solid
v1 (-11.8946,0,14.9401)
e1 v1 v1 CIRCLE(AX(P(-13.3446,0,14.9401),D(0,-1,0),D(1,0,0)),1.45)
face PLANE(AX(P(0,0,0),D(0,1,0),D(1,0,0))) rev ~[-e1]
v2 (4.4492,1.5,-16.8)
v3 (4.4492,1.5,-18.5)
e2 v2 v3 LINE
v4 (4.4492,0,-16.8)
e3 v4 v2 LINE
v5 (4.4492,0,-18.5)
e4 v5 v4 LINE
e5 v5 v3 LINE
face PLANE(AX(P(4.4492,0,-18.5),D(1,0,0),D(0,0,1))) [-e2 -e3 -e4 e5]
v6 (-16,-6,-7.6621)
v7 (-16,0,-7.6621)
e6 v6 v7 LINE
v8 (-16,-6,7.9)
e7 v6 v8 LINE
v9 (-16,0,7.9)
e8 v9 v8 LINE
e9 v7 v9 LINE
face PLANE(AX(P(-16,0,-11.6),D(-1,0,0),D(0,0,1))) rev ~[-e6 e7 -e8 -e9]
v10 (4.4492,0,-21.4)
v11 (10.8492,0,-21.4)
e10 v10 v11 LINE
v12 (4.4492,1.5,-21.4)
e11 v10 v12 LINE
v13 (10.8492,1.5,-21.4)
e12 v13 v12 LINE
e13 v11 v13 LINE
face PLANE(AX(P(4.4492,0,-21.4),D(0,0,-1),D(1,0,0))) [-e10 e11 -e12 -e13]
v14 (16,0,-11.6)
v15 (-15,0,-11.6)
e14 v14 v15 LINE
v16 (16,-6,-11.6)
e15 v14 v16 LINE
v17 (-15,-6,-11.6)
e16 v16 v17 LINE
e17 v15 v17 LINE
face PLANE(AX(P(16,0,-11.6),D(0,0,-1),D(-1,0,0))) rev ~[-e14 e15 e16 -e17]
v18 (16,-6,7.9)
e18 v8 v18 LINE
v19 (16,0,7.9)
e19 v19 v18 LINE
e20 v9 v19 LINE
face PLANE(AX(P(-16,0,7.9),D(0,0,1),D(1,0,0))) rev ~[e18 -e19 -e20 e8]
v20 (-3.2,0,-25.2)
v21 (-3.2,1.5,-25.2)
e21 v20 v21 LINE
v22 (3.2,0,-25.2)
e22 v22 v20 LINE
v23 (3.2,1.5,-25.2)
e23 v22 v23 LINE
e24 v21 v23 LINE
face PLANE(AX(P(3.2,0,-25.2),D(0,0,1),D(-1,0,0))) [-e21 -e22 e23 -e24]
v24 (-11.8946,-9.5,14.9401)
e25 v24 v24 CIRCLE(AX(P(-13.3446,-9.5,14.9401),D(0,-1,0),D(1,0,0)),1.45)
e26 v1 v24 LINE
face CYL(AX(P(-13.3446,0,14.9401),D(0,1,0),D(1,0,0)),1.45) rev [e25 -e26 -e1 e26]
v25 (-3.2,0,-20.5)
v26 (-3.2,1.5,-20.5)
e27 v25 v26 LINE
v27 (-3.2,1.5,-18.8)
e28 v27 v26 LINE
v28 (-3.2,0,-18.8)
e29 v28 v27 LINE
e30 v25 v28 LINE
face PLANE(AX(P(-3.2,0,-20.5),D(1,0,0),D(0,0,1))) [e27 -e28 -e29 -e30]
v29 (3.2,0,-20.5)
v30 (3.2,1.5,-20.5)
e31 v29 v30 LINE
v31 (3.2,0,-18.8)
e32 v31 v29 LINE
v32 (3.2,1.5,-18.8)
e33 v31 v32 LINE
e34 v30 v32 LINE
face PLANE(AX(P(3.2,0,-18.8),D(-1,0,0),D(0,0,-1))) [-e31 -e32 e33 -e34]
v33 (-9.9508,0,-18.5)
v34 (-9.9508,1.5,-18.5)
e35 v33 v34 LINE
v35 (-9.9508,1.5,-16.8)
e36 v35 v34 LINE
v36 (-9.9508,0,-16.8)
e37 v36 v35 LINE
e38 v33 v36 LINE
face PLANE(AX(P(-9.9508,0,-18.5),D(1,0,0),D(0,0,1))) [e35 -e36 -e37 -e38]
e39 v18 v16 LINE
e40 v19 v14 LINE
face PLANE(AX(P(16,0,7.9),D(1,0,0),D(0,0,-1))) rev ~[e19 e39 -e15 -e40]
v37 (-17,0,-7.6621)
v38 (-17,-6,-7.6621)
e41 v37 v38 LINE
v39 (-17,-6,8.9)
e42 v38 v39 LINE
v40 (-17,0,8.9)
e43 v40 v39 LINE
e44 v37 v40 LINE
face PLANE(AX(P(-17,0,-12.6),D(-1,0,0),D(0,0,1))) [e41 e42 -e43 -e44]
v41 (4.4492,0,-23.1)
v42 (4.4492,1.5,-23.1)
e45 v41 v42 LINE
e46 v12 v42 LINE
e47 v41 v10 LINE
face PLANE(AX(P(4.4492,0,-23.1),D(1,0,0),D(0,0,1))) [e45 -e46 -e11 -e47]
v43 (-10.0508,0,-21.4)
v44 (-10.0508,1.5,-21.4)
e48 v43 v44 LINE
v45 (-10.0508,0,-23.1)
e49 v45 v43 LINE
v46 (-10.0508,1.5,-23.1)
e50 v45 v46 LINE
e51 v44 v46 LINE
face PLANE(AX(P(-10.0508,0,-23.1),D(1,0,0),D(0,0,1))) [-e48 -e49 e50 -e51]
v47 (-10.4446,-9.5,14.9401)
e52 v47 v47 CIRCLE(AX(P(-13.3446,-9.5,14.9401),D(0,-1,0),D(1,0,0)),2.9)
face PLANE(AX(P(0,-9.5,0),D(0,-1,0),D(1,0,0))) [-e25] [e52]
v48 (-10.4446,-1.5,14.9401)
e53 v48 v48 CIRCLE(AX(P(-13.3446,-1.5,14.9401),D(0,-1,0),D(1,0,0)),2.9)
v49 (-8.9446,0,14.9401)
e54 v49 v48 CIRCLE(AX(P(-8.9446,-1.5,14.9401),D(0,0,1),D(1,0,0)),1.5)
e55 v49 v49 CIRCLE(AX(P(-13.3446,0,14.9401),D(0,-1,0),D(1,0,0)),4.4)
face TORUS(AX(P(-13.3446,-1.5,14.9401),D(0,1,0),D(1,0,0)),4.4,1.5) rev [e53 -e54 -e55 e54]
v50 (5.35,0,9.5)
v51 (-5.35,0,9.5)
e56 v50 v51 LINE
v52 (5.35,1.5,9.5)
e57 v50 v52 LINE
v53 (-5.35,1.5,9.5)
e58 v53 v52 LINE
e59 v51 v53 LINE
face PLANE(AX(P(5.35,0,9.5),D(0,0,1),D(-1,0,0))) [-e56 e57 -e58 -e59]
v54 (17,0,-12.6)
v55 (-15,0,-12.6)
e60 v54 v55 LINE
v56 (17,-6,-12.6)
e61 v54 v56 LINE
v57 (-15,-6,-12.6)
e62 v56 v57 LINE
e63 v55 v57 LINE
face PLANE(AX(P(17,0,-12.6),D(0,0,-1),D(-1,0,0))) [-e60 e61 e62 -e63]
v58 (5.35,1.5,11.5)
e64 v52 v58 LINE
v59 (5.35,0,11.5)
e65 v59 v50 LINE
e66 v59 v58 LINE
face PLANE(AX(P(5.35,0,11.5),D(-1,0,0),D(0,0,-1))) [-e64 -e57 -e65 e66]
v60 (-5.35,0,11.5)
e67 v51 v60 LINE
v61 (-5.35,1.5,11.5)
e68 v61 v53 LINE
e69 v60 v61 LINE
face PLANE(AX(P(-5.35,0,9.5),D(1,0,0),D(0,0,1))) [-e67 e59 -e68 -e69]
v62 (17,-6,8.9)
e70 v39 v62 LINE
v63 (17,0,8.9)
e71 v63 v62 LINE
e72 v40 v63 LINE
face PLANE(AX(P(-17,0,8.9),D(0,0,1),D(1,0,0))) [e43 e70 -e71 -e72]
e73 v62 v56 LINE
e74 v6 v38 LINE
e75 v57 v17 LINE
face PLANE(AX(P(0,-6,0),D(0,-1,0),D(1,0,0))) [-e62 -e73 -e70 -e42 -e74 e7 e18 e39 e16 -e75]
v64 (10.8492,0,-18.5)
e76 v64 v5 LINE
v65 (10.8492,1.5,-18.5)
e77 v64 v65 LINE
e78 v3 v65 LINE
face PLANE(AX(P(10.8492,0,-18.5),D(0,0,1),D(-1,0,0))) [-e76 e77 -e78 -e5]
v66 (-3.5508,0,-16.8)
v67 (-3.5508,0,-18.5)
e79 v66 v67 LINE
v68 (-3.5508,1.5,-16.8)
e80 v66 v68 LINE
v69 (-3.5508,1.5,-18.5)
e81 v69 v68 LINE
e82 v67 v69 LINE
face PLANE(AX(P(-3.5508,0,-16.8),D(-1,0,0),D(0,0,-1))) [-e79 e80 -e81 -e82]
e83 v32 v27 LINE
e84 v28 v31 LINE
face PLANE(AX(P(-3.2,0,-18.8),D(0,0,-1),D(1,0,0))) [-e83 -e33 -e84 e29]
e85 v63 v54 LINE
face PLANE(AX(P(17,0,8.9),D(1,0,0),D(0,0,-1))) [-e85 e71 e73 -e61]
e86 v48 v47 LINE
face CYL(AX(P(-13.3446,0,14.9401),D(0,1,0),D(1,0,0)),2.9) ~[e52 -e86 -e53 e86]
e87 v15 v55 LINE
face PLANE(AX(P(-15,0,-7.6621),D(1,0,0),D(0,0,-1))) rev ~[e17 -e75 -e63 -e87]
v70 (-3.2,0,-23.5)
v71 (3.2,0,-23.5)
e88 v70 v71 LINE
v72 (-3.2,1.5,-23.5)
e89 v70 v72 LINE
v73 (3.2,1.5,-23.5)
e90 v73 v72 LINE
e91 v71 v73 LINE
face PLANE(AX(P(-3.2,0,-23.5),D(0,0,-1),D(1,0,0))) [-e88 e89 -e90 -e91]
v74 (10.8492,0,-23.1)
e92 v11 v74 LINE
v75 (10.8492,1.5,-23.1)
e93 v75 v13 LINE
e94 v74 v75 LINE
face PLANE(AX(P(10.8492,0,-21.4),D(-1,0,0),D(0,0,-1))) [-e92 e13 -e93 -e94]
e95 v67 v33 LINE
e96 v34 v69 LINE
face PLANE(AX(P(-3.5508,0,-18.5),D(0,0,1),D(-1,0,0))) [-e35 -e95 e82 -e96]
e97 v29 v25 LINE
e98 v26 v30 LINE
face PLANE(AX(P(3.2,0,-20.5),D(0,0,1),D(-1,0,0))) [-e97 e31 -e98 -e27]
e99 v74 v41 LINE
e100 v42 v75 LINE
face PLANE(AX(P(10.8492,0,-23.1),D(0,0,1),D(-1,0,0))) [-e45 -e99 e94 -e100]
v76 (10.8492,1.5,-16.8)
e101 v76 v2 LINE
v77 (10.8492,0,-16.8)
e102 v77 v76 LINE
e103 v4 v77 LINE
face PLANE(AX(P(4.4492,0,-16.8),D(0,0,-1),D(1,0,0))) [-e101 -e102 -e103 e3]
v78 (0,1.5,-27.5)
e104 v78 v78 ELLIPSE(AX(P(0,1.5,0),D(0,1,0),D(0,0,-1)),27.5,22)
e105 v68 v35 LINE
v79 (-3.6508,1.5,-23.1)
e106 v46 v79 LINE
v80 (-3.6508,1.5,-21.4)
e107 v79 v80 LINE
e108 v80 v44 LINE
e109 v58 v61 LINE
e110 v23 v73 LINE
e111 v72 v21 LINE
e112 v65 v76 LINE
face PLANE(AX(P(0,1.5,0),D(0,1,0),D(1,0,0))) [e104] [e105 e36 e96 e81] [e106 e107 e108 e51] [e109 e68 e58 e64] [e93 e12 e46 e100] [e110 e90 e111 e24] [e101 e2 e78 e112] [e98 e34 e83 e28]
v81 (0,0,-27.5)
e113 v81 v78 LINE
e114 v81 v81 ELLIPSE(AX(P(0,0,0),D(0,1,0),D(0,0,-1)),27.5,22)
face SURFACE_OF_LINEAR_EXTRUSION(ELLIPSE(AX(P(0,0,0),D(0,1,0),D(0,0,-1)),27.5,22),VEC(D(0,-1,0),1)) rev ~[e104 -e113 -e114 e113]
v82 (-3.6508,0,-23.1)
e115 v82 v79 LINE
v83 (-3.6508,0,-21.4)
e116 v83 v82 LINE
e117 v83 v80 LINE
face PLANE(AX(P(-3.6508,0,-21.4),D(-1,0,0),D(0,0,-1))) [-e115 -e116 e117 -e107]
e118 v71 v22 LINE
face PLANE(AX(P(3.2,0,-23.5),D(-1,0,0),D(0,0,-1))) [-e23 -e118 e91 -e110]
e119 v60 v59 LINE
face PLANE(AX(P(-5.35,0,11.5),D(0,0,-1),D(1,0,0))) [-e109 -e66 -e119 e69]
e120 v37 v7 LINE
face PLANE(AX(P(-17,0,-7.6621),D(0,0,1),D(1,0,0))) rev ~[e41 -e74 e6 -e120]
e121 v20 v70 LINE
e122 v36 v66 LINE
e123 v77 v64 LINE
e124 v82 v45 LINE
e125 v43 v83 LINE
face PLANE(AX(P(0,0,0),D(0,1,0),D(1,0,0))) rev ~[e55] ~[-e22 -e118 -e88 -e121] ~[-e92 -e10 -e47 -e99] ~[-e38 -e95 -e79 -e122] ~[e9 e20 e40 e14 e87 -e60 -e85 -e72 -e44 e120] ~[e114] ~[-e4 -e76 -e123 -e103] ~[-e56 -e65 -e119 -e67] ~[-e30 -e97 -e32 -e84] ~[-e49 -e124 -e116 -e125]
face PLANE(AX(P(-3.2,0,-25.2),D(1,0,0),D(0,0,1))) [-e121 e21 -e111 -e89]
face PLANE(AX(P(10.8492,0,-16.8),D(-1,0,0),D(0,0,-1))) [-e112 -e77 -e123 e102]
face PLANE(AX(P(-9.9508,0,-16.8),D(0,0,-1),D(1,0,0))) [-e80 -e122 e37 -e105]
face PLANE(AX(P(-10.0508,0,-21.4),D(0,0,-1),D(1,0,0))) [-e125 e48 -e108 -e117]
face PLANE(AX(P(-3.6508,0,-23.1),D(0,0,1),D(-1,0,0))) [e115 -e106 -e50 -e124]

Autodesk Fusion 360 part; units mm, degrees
sketch "Sketch1" plane through (0, 0, 0) normal (0, 1, 0) x (1, 0, 0)
  ellipse E0 centre (0, 0) end of major axis (0, 27.5) minor radius 22
  line L0 (0, -27.5) -> (0, 27.5) construction
  line L1 (22, 0) -> (-22, 0) construction
  dimension "d1" = 44
  dimension "d2" = 55
extrude "Extrude1" add sketch "Sketch1" along normal blind 1.5
sketch "Sketch2" plane through (0, 0, 0) normal (0, -1, 0) x (1, 0, 0)
  ellipse E0 centre (0, 0) end of major axis (0, -27.5) minor radius 22
  line L0 (-5.35, 11.5) -> (5.35, 11.5)
  line L1 (5.35, 11.5) -> (5.35, 9.5)
  line L2 (5.35, 9.5) -> (-5.35, 9.5)
  line L3 (-5.35, 9.5) -> (-5.35, 11.5)
  point P0 (0, 27.5)
  dimension "d5" = 10.7
  dimension "d6" = 2
  dimension "d7" = 16
extrude "Extrude2" cut sketch "Sketch2" against normal blind 10 contours L0 L1 L2 L3
sketch "Sketch3" plane through (0, 0, 0) normal (0, -1, 0) x (1, 0, 0)
  line L0 (5.35, 11.5) -> (5.35, 9.5)
  line L1 (5.35, 9.5) -> (-5.35, 9.5)
  line L2 (-5.35, 9.5) -> (-5.35, 11.5)
  line L3 (-5.35, 11.5) -> (5.35, 11.5)
  ellipse E0 centre (0, 0) end of major axis (0, -27.5) minor radius 22
  circle A0 centre (-13.3446, 14.9401) radius 1.45
  circle A1 centre (-13.3446, 14.9401) radius 2.9
  dimension "d10" = 2.9
  dimension "d11" = 5.8
extrude "Extrude3" add sketch "Sketch3" along normal blind 9.5 contours A1
fillet "Fillet1" radius 1.5 1 edges at (-16.0483, 0, 15.9888)
sketch "Sketch4" plane through (0, 0, 0) normal (0, -1, 0) x (1, 0, 0)
  line L0 (5.35, 11.5) -> (5.35, 9.5)
  line L1 (5.35, 9.5) -> (-5.35, 9.5)
  line L2 (-5.35, 9.5) -> (-5.35, 11.5)
  line L3 (-5.35, 11.5) -> (5.35, 11.5)
  line L4 (-16, 7.9) -> (16, 7.9)
  line L5 (16, 7.9) -> (16, -11.6)
  line L6 (16, -11.6) -> (-16, -11.6)
  line L7 (-16, -11.6) -> (-16, 7.9)
  line L8 (-17, 8.9) -> (17, 8.9)
  line L9 (17, 8.9) -> (17, -12.6)
  line L10 (17, -12.6) -> (-17, -12.6)
  line L11 (-17, -12.6) -> (-17, 8.9)
  ellipse E0 centre (0, 0) end of major axis (0, -27.5) minor radius 22
  circle A0 centre (-13.3446, 14.9401) radius 4.4
  dimension "d16" = 32
  dimension "d17" = 19.5
  dimension "d18" = 1
  dimension "d19" = 1
  dimension "d20" = 1
  dimension "d21" = 1
  dimension "d22" = 0.6
extrude "Extrude4" add sketch "Sketch4" along normal blind 6 contours L8 L9 L10 L11
sketch "Sketch5" plane through (0, 0, 0) normal (0, -1, 0) x (1, 0, 0)
  circle A0 centre (-13.3446, 14.9401) radius 4.4
  ellipse E0 centre (0, 0) end of major axis (0, -27.5) minor radius 22
  line L0 (5.35, 11.5) -> (5.35, 9.5)
  line L1 (5.35, 9.5) -> (-5.35, 9.5)
  line L2 (-5.35, 9.5) -> (-5.35, 11.5)
  line L3 (-5.35, 11.5) -> (5.35, 11.5)
  line L4 (-17, -12.6) -> (-17, 8.9)
  line L5 (-17, 8.9) -> (17, 8.9)
  line L6 (17, 8.9) -> (17, -12.6)
  line L7 (17, -12.6) -> (-17, -12.6)
  line L8 (-17, -7.6621) -> (-15, -7.6621)
  line L9 (-15, -7.6621) -> (-15, -12.6621)
  line L10 (-15, -12.6621) -> (-17, -12.6621)
  line L11 (-17, -12.6621) -> (-17, -7.6621)
  dimension "d25" = 2
  dimension "d26" = 5
extrude "Extrude5" cut sketch "Sketch5" along normal blind 6.8 contours L4 L7 L8 L9 L11 | L7 L9 L10 L11
sketch "Sketch6" plane through (0, 0, 0) normal (0, -1, 0) x (1, 0, 0)
  line L0 (5.35, 11.5) -> (5.35, 9.5)
  line L1 (5.35, 9.5) -> (-5.35, 9.5)
  line L2 (-5.35, 9.5) -> (-5.35, 11.5)
  line L3 (-5.35, 11.5) -> (5.35, 11.5)
  ellipse E0 centre (0, 0) end of major axis (0, -27.5) minor radius 22
  circle A0 centre (-13.3446, 14.9401) radius 4.4
  line L4 (-16, -7.6621) -> (-17, -7.6621)
  line L5 (-17, -7.6621) -> (-17, 8.9)
  line L6 (-17, 8.9) -> (17, 8.9)
  line L7 (17, 8.9) -> (17, -12.6)
  line L8 (17, -12.6) -> (-15, -12.6)
  line L9 (-15, -12.6) -> (-15, -11.6)
  line L10 (-15, -11.6) -> (16, -11.6)
  line L11 (16, -11.6) -> (16, 7.9)
  line L12 (16, 7.9) -> (-16, 7.9)
  line L13 (-16, 7.9) -> (-16, -7.6621)
  line L14 (4.4492, -16.8) -> (10.8492, -16.8)
  line L15 (10.8492, -16.8) -> (10.8492, -18.5)
  line L16 (10.8492, -18.5) -> (4.4492, -18.5)
  line L17 (4.4492, -18.5) -> (4.4492, -16.8)
  line L18 (-15, -12.6) -> (17, -12.6)
  line L19 (-9.9508, -16.8) -> (-3.5508, -16.8)
  line L20 (-3.5508, -16.8) -> (-3.5508, -18.5)
  line L21 (-3.5508, -18.5) -> (-9.9508, -18.5)
  line L22 (-9.9508, -18.5) -> (-9.9508, -16.8)
  line L23 (-3.2, -18.8) -> (3.2, -18.8)
  line L24 (3.2, -18.8) -> (3.2, -20.5)
  line L25 (3.2, -20.5) -> (-3.2, -20.5)
  line L26 (-3.2, -20.5) -> (-3.2, -18.8)
  line L27 (-10.0508, -21.4) -> (-3.6508, -21.4)
  line L28 (-3.6508, -21.4) -> (-3.6508, -23.1)
  line L29 (-3.6508, -23.1) -> (-10.0508, -23.1)
  line L30 (-10.0508, -23.1) -> (-10.0508, -21.4)
  line L31 (4.4492, -21.4) -> (10.8492, -21.4)
  line L32 (10.8492, -21.4) -> (10.8492, -23.1)
  line L33 (10.8492, -23.1) -> (4.4492, -23.1)
  line L34 (4.4492, -23.1) -> (4.4492, -21.4)
  line L35 (-3.2, -23.5) -> (3.2, -23.5)
  line L36 (3.2, -23.5) -> (3.2, -25.2)
  line L37 (3.2, -25.2) -> (-3.2, -25.2)
  line L38 (-3.2, -25.2) -> (-3.2, -23.5)
  dimension "d29" = 6.4
  dimension "d30" = 1.7
  dimension "d31" = 4.2
  dimension "d32" = 6.4
  dimension "d33" = 1.7
  dimension "d34" = 8
  dimension "d35" = 4.2
  dimension "d36" = 6.4
  dimension "d37" = 1.7
  dimension "d38" = 6.2
  dimension "d39" = 6.4
  dimension "d40" = 1.7
  dimension "d41" = 8.8
  dimension "d42" = 6.4
  dimension "d43" = 1.7
  dimension "d44" = 8.8
  dimension "d45" = 8.1
  dimension "d46" = 6.4
  dimension "d47" = 1.7
  dimension "d48" = 10.9
extrude "Extrude6" cut sketch "Sketch6" against normal blind 5 contours L14 L15 L16 L17 | L19 L20 L21 L22 | L23 L24 L25 L26 | L27 L28 L29 L30 | L31 L32 L33 L34 | L35 L36 L37 L38
